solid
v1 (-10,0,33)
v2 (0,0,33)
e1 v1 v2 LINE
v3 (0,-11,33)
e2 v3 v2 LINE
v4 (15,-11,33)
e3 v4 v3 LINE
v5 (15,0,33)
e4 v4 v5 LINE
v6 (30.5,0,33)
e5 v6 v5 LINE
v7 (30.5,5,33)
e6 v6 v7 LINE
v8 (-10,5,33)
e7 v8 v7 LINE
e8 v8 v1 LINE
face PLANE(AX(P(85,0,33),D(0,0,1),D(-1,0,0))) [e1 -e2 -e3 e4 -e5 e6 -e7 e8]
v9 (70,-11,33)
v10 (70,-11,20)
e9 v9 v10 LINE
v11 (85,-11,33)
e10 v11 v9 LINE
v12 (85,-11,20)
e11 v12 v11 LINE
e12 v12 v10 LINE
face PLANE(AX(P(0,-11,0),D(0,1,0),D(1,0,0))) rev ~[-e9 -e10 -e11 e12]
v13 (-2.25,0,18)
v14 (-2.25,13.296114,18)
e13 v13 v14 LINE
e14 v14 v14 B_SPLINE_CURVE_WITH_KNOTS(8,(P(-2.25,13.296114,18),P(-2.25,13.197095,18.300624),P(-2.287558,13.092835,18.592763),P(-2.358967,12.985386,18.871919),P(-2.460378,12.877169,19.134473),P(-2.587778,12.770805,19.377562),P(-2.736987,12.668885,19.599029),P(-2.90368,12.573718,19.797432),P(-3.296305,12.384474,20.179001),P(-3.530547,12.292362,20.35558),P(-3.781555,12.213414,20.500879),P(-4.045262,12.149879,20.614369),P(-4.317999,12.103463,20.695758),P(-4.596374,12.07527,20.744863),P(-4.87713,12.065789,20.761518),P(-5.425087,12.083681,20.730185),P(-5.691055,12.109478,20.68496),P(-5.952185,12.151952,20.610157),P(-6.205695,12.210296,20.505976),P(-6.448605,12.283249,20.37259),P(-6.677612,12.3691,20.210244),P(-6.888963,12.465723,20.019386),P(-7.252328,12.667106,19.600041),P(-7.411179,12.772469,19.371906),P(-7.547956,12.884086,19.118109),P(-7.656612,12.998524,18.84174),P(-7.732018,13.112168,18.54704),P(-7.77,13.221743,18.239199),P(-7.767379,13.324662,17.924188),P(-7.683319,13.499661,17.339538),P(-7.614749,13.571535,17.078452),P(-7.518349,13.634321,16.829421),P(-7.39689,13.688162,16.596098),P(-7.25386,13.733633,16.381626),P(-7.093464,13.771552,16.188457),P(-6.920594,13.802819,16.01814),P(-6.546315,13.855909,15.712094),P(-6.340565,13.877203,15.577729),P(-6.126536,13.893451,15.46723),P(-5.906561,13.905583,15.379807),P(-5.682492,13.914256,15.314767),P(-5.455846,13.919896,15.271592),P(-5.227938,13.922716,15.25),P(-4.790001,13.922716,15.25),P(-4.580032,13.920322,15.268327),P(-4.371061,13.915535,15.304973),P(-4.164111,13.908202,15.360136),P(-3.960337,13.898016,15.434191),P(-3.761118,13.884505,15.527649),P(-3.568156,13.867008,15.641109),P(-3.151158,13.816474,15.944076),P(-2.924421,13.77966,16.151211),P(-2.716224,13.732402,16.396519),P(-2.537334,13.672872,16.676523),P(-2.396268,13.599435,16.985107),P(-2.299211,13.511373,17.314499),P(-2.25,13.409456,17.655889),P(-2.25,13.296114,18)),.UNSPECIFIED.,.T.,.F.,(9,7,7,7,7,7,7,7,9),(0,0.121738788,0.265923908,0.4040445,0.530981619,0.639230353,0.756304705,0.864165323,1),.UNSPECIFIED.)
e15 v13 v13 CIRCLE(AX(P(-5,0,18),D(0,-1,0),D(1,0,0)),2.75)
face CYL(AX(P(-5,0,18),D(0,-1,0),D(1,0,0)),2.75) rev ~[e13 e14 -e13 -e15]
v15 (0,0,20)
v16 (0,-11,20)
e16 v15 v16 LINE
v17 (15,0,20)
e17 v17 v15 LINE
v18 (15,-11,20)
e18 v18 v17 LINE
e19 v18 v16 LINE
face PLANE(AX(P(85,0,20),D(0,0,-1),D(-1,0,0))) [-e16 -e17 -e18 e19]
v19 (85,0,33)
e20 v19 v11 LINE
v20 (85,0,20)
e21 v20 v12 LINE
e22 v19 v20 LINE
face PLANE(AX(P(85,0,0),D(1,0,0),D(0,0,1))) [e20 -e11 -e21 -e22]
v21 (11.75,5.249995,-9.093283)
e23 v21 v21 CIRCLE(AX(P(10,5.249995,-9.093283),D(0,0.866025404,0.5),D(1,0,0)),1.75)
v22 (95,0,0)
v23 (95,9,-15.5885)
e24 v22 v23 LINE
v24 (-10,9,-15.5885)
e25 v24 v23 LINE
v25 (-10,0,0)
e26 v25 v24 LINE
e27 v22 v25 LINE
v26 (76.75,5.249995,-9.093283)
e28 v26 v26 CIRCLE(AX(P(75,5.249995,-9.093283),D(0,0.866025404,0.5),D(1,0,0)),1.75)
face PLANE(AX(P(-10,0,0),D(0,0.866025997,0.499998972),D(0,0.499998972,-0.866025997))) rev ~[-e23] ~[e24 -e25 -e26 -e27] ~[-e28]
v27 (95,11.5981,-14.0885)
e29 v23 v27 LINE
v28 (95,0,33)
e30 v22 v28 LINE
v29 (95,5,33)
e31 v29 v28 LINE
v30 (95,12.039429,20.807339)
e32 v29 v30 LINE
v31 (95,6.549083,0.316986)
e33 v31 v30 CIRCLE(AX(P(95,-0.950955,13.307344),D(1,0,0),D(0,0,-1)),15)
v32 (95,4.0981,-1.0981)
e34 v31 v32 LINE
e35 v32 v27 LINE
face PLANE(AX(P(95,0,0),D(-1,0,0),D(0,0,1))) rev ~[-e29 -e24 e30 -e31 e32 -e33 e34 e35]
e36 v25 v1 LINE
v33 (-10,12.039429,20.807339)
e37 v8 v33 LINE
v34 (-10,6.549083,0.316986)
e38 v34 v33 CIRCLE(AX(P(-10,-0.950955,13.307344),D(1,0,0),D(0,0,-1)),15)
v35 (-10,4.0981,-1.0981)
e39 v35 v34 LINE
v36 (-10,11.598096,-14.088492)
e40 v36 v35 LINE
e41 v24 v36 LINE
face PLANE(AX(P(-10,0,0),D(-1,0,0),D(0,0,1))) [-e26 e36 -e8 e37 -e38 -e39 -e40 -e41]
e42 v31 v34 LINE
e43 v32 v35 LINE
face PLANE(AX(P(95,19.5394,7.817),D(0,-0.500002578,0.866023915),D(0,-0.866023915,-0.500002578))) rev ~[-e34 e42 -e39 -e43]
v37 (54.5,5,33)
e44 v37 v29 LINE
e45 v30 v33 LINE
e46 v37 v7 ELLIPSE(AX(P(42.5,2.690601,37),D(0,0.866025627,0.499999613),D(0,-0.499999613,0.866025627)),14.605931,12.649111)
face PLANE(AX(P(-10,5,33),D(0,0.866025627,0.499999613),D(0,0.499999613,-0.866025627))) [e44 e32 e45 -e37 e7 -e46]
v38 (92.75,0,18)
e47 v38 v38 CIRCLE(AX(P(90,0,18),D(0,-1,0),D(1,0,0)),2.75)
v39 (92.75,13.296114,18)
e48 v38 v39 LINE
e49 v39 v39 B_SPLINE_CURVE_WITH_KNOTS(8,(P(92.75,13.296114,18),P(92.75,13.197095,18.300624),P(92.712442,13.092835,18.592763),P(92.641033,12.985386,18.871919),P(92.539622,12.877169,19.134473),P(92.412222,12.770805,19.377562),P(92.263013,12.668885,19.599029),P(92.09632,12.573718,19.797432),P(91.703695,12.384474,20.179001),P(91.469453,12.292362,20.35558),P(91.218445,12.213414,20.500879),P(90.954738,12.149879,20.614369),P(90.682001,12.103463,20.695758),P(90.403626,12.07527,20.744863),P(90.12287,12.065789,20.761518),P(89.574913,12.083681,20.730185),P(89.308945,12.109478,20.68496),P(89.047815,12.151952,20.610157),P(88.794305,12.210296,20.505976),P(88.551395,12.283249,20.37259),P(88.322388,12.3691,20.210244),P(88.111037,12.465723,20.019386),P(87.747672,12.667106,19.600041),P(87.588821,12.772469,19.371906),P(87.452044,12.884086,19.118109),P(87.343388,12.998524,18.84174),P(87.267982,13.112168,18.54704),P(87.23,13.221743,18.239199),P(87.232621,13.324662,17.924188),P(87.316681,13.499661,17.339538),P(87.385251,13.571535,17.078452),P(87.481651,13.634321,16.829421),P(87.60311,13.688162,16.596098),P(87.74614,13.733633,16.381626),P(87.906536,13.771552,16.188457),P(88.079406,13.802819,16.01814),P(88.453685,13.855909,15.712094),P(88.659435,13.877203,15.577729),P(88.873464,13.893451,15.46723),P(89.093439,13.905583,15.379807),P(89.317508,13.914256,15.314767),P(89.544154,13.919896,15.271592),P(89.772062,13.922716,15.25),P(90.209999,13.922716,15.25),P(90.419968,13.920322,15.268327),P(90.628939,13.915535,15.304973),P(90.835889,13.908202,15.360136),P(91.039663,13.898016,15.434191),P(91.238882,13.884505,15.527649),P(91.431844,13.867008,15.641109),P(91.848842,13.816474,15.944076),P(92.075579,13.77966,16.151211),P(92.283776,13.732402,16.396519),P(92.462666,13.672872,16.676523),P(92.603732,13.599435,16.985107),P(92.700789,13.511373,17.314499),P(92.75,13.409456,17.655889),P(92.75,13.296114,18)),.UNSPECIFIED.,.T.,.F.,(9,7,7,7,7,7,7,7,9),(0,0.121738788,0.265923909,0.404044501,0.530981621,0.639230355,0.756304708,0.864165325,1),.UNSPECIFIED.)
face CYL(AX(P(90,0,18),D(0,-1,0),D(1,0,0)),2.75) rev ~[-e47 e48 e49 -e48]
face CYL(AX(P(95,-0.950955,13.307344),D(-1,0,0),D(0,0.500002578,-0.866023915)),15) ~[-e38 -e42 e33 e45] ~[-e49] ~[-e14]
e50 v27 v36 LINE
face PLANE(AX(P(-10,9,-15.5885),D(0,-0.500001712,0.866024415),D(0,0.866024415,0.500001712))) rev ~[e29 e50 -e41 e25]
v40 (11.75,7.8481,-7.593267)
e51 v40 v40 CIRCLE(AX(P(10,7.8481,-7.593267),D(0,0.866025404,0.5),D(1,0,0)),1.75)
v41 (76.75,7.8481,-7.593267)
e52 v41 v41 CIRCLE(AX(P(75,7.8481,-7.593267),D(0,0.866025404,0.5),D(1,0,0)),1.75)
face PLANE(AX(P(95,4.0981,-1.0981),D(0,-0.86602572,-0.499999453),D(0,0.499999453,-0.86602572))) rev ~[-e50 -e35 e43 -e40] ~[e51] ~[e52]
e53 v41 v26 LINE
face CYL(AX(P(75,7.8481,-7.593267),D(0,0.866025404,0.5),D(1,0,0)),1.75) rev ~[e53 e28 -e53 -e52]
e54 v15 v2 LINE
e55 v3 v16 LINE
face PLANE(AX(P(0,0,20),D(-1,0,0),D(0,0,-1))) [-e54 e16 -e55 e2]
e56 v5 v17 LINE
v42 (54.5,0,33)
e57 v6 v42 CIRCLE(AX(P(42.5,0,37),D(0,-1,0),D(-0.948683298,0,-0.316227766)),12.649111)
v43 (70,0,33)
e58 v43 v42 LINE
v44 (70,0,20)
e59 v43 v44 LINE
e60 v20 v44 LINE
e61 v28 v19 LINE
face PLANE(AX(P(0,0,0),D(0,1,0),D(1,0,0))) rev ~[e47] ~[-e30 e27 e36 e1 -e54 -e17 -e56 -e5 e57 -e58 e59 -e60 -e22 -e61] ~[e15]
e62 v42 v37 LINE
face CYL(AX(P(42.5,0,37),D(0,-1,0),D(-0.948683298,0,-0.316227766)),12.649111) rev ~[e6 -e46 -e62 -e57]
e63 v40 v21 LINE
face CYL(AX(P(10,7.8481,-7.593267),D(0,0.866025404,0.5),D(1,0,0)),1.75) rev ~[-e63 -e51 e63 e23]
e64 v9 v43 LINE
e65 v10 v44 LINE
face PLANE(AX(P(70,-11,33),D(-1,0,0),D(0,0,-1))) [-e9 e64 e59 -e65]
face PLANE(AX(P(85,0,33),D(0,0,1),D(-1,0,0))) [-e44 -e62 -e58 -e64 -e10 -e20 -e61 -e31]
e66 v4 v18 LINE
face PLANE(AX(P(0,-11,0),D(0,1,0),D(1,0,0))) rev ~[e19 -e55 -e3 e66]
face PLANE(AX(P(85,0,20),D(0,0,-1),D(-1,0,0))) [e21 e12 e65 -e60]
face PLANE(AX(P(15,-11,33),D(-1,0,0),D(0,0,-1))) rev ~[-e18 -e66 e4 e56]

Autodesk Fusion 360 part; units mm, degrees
sketch "Sketch1" plane through (0, 0, 0) normal (0, 1, 0) x (1, 0, 0)
  line L0 (0, 0) -> (85, 0)
  line L1 (85, 0) -> (85, -33)
  line L2 (85, -33) -> (0, -33)
  line L3 (0, -33) -> (0, 0)
  line L4 (0, 0) -> (85, 0)
  line L5 (85, 0) -> (85, -20)
  line L6 (85, -20) -> (0, -20)
  line L7 (0, -20) -> (0, 0)
  dimension "d1" = 85
  dimension "d2" = 33
  dimension "d3" = 20
extrude "Extrude1" add sketch "Sketch1" along normal blind 5
extrude "Extrude2" add sketch "Sketch1" against normal blind 11 contours L1 L2 L3 L6
sketch "Sketch2" plane through (0, -11, 0) normal (0, -1, 0) x (1, 0, 0)
  line L0 (85, 20) -> (85, 33)
  line L1 (85, 33) -> (0, 33)
  line L2 (0, 33) -> (0, 20)
  line L3 (0, 20) -> (85, 20)
  line L4 (0, 33) -> (15, 33)
  line L5 (15, 33) -> (15, 20)
  line L6 (15, 20) -> (0, 20)
  line L7 (0, 20) -> (0, 33)
  line L8 (85, 33) -> (70, 33)
  line L9 (70, 33) -> (70, 20)
  line L10 (70, 20) -> (85, 20)
  line L11 (85, 20) -> (85, 33)
  dimension "d8" = 15
extrude "Extrude3" cut sketch "Sketch2" against normal blind 11 contours L1 L3 L5 L9
sketch "Sketch3" plane through (0, 5, 0) normal (0, 1, 0) x (-1, 0, 0)
  line L0 (0, 0) -> (0, 33)
  line L1 (0, 33) -> (-85, 33)
  line L2 (-85, 33) -> (-85, 0)
  line L3 (-85, 0) -> (0, 0)
  line L4 (-85, 0) -> (-95, 0)
  line L5 (-95, 0) -> (-95, 33)
  line L6 (-95, 33) -> (-85, 33)
  line L7 (-85, 33) -> (-85, 0)
  circle A0 centre (-90, 16.5) radius 2.75 construction
  line L8 (-95, 16.5) -> (-85, 16.5) construction
  line L9 (-42.5, 0) -> (-42.5, 33) construction
  line L10 (0, 0) -> (10, 0)
  line L11 (10, 0) -> (10, 33)
  line L12 (10, 33) -> (0, 33)
  line L13 (0, 33) -> (0, 0)
  circle A1 centre (5, 16.5) radius 2.75 construction
  dimension "d11" = 10
  dimension "d12" = 5.5
extrude "Extrude4" add sketch "Sketch3" against normal blind 5 contours L0 L10 L11 L12 L13 | L2 L4 L5 L6 L7
sketch "Sketch4" plane through (-10, 0, 0) normal (-1, 0, 0) x (0, 0, 1)
  line L0 (33, 5) -> (0, 5)
  line L1 (0, 5) -> (0, 0)
  line L2 (0, 0) -> (33, 0)
  line L3 (33, 0) -> (33, 5)
  line L4 (33, 5) -> (-5.1734, 27.0394)
  line L5 (0, 5) -> (0, 0)
  line L6 (0, 0) -> (-15.5885, 9)
  line L7 (-15.5885, 9) -> (-5.1734, 27.0394)
  dimension "d17" = 30
  dimension "d50" = 18
extrude "Extrude5" add sketch "Sketch4" against normal blind 105 contours L0 L1 L4 L5 L6 L7
sketch "Sketch5" plane through (95, 0, 0) normal (1, 0, 0) x (0, 0, -1)
  line L0 (-33, 5) -> (-33, 0)
  line L1 (-33, 0) -> (0, 0)
  line L2 (0, 0) -> (15.5885, 9)
  line L3 (15.5885, 9) -> (5.1734, 27.0394)
  line L4 (5.1734, 27.0394) -> (-33, 5)
  line L5 (14.0885, 11.5981) -> (5.1734, 27.0394)
  line L6 (5.1734, 27.0394) -> (-7.817, 19.5394)
  line L7 (-7.817, 19.5394) -> (1.0981, 4.0981)
  line L8 (1.0981, 4.0981) -> (14.0885, 11.5981)
  line L9 (0, 0) -> (2.5981, 1.5)
  line L10 (1.0981, 4.0981) -> (2.5981, 1.5) construction
  dimension "d48" = 3
  dimension "d51" = 3
extrude "Extrude7" cut sketch "Sketch5" against normal blind 140 contours L3 L4 L5 L6 L7 L8
sketch "Sketch9" plane through (0, 2.5981, 1.5) normal (0, 0.866025, 0.5) x (1, 0, 0)
  line L0 (-10, 18) -> (-10, 3)
  line L1 (-10, 3) -> (95, 3)
  line L2 (95, 3) -> (95, 18)
  line L3 (95, 18) -> (-10, 18)
  circle A0 centre (10, 10.5) radius 1.75
  circle A1 centre (75, 10.5) radius 1.75
  dimension "d55" = 3.5
  dimension "d56" = 3.5
  dimension "d57" = 7.5
  dimension "d58" = 20
  dimension "d59" = 20
extrude "Extrude11" cut sketch "Sketch9" against normal blind 16 contours A0 | A1
sketch "Sketch8" plane through (0, 0, 0) normal (0, -1, 0) x (1, 0, 0)
  line L0 (85, 20) -> (70, 20)
  line L1 (70, 20) -> (70, 33)
  line L2 (70, 33) -> (15, 33)
  line L3 (15, 33) -> (15, 20)
  line L4 (15, 20) -> (0, 20)
  line L5 (0, 20) -> (0, 33)
  line L6 (0, 33) -> (-10, 33)
  line L7 (-10, 33) -> (-10, 0)
  line L8 (95, 0) -> (95, 33)
  line L9 (95, 33) -> (85, 33)
  line L10 (85, 33) -> (85, 20)
  arc A0 (30.5, 33) -> (54.5, 33) centre (42.5, 37) ccw
  line L11 (42.5, 33) -> (54.5, 33)
  line L12 (42.5, 33) -> (30.5, 33)
  line L13 (42.5, 37) -> (42.5, 33) construction
  line L14 (-10, 0) -> (95, 0)
  dimension "d44" = 12
  dimension "d45" = 4
extrude "Extrude10" cut sketch "Sketch8" against normal blind 25 contours L2 A0 L11 L12
fillet "Fillet2" radius 15 1 edges at (42.5, 19.5394, 7.817)
sketch "Sketch10" plane through (0, 0, 0) normal (0, -1, 0) x (1, 0, 0)
  arc A0 (30.5, 33) -> (54.5, 33) centre (42.5, 37) ccw
  line L0 (30.5, 33) -> (15, 33)
  line L1 (15, 33) -> (15, 20)
  line L2 (15, 20) -> (0, 20)
  line L3 (0, 20) -> (0, 33)
  line L4 (0, 33) -> (-10, 33)
  line L5 (-10, 33) -> (-10, 0)
  line L6 (-10, 0) -> (95, 0)
  line L7 (95, 0) -> (95, 33)
  line L8 (95, 33) -> (85, 33)
  line L9 (85, 33) -> (85, 20)
  line L10 (85, 20) -> (70, 20)
  line L11 (70, 20) -> (70, 33)
  line L12 (70, 33) -> (54.5, 33)
  circle A1 centre (-5, 18) radius 2.75
  circle A2 centre (90, 18) radius 2.75
  dimension "d63" = 5.5
  dimension "d64" = 5.5
  dimension "d65" = 5
  dimension "d66" = 5
  dimension "d67" = 15
extrude "Extrude12" cut sketch "Sketch10" against normal blind 25 contours A1 | A2
